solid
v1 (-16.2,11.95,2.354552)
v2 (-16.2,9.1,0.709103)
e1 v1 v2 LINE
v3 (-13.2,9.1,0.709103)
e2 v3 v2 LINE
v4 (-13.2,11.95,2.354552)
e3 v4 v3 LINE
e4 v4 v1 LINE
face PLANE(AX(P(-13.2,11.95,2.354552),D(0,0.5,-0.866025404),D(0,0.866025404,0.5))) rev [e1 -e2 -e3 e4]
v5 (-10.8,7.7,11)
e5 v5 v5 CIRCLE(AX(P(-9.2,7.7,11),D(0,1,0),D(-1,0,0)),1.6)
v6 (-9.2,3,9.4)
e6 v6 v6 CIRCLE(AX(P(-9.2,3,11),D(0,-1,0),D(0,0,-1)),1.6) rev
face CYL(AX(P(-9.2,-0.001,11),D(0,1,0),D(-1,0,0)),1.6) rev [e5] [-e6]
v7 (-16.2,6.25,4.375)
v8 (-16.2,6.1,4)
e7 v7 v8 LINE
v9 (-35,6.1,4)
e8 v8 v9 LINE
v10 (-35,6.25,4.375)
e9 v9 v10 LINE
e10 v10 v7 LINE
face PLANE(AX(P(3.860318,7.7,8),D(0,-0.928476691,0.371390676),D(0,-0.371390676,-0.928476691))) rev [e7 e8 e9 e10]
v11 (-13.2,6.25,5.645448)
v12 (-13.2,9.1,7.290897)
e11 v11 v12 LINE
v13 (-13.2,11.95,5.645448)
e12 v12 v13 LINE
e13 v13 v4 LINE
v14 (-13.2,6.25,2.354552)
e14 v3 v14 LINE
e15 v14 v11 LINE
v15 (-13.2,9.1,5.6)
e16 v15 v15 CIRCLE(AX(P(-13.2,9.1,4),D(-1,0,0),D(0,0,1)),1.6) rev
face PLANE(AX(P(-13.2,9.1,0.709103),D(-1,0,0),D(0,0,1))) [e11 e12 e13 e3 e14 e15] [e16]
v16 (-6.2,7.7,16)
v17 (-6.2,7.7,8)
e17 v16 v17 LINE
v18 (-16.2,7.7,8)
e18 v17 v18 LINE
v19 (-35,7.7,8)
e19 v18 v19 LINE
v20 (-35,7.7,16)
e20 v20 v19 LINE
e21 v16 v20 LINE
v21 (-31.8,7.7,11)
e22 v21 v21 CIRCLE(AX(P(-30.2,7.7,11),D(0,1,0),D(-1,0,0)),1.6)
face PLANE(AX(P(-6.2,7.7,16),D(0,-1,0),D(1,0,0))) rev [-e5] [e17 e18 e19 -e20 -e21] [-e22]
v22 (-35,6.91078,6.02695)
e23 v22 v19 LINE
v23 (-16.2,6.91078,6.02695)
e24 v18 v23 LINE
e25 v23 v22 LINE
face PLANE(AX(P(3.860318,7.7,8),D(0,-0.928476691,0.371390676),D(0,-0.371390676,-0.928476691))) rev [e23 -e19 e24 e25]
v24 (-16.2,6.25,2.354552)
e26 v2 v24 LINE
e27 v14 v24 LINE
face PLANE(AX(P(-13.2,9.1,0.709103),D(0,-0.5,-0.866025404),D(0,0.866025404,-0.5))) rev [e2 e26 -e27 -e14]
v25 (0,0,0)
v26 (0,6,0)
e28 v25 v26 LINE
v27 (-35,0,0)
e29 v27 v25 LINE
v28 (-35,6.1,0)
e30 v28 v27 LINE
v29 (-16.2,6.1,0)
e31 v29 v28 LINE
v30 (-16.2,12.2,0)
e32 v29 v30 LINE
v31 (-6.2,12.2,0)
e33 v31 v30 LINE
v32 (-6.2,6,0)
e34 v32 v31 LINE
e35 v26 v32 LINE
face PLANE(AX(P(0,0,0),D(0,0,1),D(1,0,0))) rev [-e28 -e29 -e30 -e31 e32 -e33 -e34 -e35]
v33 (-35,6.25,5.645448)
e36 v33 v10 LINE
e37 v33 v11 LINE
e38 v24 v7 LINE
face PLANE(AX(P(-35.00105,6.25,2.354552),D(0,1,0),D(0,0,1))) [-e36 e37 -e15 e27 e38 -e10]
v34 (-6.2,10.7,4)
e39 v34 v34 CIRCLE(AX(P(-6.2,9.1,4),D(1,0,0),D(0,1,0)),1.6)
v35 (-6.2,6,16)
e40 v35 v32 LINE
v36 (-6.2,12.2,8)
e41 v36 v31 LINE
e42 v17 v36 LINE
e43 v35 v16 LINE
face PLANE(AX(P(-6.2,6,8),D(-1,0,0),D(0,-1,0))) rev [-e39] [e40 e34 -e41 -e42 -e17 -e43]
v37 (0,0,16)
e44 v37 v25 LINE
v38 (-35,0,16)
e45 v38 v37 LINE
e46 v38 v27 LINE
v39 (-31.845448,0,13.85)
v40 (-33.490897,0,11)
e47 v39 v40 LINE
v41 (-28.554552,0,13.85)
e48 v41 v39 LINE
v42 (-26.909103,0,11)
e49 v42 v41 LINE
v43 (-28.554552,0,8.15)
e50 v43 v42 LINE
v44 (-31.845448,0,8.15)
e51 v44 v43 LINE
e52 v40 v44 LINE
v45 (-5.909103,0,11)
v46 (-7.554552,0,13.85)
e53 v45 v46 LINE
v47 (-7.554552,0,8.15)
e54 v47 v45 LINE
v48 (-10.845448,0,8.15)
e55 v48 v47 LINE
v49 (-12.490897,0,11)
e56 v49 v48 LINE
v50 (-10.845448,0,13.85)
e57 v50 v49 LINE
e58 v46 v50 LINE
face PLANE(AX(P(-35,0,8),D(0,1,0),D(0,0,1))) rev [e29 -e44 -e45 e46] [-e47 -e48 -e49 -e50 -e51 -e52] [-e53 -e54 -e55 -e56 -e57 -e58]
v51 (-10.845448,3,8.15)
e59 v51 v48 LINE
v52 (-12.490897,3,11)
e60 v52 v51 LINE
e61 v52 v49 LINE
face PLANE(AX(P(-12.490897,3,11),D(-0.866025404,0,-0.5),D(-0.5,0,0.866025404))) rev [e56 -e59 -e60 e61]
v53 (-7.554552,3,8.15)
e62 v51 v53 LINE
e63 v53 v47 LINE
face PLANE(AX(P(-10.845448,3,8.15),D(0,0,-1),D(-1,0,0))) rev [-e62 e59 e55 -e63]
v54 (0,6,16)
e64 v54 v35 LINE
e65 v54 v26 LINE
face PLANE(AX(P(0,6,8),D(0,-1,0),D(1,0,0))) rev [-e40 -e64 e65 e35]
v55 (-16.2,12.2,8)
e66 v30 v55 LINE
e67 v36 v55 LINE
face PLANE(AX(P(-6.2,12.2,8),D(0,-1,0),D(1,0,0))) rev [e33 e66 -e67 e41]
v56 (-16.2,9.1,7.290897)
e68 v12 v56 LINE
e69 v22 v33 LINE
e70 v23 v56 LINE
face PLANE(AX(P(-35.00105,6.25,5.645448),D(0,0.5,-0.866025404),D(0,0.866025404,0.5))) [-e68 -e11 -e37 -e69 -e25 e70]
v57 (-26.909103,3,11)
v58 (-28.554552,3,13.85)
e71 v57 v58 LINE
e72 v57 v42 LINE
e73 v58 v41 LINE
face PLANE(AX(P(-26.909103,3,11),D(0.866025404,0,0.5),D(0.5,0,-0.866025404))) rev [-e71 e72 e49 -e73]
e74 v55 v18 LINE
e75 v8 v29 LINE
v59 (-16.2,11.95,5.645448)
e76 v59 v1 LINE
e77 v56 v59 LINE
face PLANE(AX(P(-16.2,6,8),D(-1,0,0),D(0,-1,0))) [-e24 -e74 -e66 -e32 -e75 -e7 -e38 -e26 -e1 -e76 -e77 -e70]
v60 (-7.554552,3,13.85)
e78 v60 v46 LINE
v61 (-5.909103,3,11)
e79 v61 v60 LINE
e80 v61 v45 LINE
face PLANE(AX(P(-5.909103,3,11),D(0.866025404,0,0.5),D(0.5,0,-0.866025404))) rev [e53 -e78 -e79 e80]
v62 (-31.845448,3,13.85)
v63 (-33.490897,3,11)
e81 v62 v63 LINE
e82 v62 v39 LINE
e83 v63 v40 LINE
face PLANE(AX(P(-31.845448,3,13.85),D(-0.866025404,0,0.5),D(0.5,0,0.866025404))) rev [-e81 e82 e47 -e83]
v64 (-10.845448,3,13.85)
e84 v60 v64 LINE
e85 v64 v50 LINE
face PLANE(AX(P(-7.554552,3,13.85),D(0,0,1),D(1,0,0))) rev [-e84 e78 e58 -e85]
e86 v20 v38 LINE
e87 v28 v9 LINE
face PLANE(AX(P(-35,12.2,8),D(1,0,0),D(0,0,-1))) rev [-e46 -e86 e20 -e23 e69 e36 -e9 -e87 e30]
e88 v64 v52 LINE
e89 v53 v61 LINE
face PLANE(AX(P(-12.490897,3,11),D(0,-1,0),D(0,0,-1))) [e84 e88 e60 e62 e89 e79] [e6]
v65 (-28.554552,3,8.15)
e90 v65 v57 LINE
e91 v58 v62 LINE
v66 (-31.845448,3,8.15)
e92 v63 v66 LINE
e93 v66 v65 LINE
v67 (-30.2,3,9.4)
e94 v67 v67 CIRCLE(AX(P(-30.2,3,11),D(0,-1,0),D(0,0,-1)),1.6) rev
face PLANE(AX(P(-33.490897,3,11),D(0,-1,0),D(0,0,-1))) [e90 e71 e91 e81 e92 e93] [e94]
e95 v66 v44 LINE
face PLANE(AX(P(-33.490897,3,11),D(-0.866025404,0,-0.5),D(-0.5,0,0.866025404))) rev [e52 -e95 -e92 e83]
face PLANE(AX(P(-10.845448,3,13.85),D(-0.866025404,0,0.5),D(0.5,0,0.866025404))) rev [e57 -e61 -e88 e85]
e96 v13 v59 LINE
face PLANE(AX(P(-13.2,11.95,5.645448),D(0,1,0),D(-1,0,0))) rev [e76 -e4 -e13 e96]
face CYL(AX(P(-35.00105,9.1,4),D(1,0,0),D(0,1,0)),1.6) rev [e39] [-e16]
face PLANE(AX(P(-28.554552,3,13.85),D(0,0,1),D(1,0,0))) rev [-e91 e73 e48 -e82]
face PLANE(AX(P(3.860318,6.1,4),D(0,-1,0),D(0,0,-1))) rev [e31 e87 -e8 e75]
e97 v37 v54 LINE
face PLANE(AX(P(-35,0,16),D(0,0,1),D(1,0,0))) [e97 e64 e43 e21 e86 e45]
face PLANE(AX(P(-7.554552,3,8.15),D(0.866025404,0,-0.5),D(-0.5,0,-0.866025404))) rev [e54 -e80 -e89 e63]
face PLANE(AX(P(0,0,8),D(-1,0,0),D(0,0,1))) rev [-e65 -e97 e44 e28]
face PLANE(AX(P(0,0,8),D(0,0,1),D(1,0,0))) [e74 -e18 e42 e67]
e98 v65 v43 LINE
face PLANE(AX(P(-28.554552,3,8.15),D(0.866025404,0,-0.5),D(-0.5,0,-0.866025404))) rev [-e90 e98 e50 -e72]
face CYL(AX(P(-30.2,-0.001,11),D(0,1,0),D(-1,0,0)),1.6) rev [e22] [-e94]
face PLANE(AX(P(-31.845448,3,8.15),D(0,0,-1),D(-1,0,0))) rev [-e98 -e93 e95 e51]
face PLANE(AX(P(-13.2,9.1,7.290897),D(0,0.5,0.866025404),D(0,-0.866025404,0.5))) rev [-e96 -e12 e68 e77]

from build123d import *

# Parameters (mm, degrees)
SALIENTE_EXTRUIR1_DEPTH           = 8
SALIENTE_EXTRUIR2_DEPTH           = 8
CORTAR_EXTRUIR1_REACH             = 30.8
CROQUIS3_R                        = 1.6
CORTAR_EXTRUIR2_REACH             = 9.7
CROQUIS4_R                        = 1.6
CORTAR_EXTRUIR3_DEPTH             = 3
CORTAR_EXTRUIR4_DEPTH             = 18.8
CORTAR_EXTRUIR5_DEPTH             = 3
CORTAR_EXTRUIR5_DIRECTION_2_REACH = 20.8


with BuildPart() as part:
    # Croquis1 → Saliente-Extruir1 (new body)
    with BuildSketch(Plane.XY):
        Polygon((0, 0), (0, 6), (-6.2, 6), (-6.2, 12.2), (-35, 12.2), (-35, 0), align=None)
    extrude(amount=SALIENTE_EXTRUIR1_DEPTH)

    # Croquis2 → Saliente-Extruir2 (add)
    with BuildSketch(Plane.XY.offset(8)):
        Polygon((-6.2, 7.7), (-35, 7.7), (-35, 0), (0, 0), (0, 6), (-6.2, 6), align=None)
    extrude(amount=SALIENTE_EXTRUIR2_DEPTH)

    # Croquis3 → Cortar-Extruir1 (cut, up to next)
    with BuildSketch(Plane(origin=(-6.2, 0, 0), x_dir=(0, 0, -1), z_dir=(1, 0, 0)), mode=Mode.PRIVATE) as cortar_extruir1_sk1:
        with Locations((-4, 9.1)):
            Circle(CROQUIS3_R)
    cortar_extruir1_tool1 = extrude(cortar_extruir1_sk1.sketch, amount=-CORTAR_EXTRUIR1_REACH, mode=Mode.PRIVATE) & part.part
    add(cortar_extruir1_tool1.solids().sort_by_distance((-6.2, 9.1, 4))[0], mode=Mode.SUBTRACT)

    # Croquis4 → Cortar-Extruir2 (cut, up to next)
    with BuildSketch(Plane(origin=(0, 7.7, 0), x_dir=(1, 0, 0), z_dir=(0, 1, 0)), mode=Mode.PRIVATE) as cortar_extruir2_sk1:
        with Locations((-30.2, -11)):
            Circle(CROQUIS4_R)
    cortar_extruir2_tool1 = extrude(cortar_extruir2_sk1.sketch, amount=-CORTAR_EXTRUIR2_REACH, mode=Mode.PRIVATE) & part.part
    add(cortar_extruir2_tool1.solids().sort_by_distance((-30.2, 7.7, 11))[0], mode=Mode.SUBTRACT)
    # Croquis4 → Cortar-Extruir2 (cut, up to next)
    with BuildSketch(Plane(origin=(0, 7.7, 0), x_dir=(1, 0, 0), z_dir=(0, 1, 0)), mode=Mode.PRIVATE) as cortar_extruir2_sk2:
        with Locations((-9.2, -11)):
            Circle(CROQUIS4_R)
    cortar_extruir2_tool2 = extrude(cortar_extruir2_sk2.sketch, amount=-CORTAR_EXTRUIR2_REACH, mode=Mode.PRIVATE) & part.part
    add(cortar_extruir2_tool2.solids().sort_by_distance((-9.2, 7.7, 11))[0], mode=Mode.SUBTRACT)

    # Croquis5 → Cortar-Extruir3 (cut)
    with BuildSketch(Plane.XZ):
        Polygon((-33.490896534, 11), (-31.845448267, 8.15), (-28.554551733, 8.15), (-26.909103466, 11), (-28.554551733, 13.85), (-31.845448267, 13.85), align=None)
        Polygon((-12.490896534, 11), (-10.845448267, 8.15), (-7.554551733, 8.15), (-5.909103466, 11), (-7.554551733, 13.85), (-10.845448267, 13.85), align=None)
    extrude(amount=-CORTAR_EXTRUIR3_DEPTH, mode=Mode.SUBTRACT)

    # Croquis6 → Cortar-Extruir4 (cut)
    with BuildSketch(Plane.ZY.offset(35)):
        Polygon((8, 7.7), (4, 6.1), (0, 6.1), (0, 12.2), (8, 12.2), align=None)
    extrude(amount=-CORTAR_EXTRUIR4_DEPTH, mode=Mode.SUBTRACT)

    # Croquis7 → Cortar-Extruir5 (cut)
    with BuildSketch(Plane.ZY.offset(16.2)):
        Polygon((0.709103466, 9.1), (2.354551733, 6.25), (5.645448267, 6.25), (7.290896534, 9.1), (5.645448267, 11.95), (2.354551733, 11.95), align=None)
    extrude(amount=-CORTAR_EXTRUIR5_DEPTH, mode=Mode.SUBTRACT)

    # Croquis7 → Cortar-Extruir5 direction 2 (cut, up to next)
    with BuildSketch(Plane.ZY.offset(16.2), mode=Mode.PRIVATE) as cortar_extruir5_direction_2_sk1:
        Polygon((0.709103466, 9.1), (2.354551733, 6.25), (5.645448267, 6.25), (7.290896534, 9.1), (5.645448267, 11.95), (2.354551733, 11.95), align=None)
    cortar_extruir5_direction_2_tool1 = extrude(cortar_extruir5_direction_2_sk1.sketch, amount=CORTAR_EXTRUIR5_DIRECTION_2_REACH, mode=Mode.PRIVATE) & part.part
    add(cortar_extruir5_direction_2_tool1.solids().sort_by_distance((-16.2, 9.1, 4))[0], mode=Mode.SUBTRACT)


solid = part.part
